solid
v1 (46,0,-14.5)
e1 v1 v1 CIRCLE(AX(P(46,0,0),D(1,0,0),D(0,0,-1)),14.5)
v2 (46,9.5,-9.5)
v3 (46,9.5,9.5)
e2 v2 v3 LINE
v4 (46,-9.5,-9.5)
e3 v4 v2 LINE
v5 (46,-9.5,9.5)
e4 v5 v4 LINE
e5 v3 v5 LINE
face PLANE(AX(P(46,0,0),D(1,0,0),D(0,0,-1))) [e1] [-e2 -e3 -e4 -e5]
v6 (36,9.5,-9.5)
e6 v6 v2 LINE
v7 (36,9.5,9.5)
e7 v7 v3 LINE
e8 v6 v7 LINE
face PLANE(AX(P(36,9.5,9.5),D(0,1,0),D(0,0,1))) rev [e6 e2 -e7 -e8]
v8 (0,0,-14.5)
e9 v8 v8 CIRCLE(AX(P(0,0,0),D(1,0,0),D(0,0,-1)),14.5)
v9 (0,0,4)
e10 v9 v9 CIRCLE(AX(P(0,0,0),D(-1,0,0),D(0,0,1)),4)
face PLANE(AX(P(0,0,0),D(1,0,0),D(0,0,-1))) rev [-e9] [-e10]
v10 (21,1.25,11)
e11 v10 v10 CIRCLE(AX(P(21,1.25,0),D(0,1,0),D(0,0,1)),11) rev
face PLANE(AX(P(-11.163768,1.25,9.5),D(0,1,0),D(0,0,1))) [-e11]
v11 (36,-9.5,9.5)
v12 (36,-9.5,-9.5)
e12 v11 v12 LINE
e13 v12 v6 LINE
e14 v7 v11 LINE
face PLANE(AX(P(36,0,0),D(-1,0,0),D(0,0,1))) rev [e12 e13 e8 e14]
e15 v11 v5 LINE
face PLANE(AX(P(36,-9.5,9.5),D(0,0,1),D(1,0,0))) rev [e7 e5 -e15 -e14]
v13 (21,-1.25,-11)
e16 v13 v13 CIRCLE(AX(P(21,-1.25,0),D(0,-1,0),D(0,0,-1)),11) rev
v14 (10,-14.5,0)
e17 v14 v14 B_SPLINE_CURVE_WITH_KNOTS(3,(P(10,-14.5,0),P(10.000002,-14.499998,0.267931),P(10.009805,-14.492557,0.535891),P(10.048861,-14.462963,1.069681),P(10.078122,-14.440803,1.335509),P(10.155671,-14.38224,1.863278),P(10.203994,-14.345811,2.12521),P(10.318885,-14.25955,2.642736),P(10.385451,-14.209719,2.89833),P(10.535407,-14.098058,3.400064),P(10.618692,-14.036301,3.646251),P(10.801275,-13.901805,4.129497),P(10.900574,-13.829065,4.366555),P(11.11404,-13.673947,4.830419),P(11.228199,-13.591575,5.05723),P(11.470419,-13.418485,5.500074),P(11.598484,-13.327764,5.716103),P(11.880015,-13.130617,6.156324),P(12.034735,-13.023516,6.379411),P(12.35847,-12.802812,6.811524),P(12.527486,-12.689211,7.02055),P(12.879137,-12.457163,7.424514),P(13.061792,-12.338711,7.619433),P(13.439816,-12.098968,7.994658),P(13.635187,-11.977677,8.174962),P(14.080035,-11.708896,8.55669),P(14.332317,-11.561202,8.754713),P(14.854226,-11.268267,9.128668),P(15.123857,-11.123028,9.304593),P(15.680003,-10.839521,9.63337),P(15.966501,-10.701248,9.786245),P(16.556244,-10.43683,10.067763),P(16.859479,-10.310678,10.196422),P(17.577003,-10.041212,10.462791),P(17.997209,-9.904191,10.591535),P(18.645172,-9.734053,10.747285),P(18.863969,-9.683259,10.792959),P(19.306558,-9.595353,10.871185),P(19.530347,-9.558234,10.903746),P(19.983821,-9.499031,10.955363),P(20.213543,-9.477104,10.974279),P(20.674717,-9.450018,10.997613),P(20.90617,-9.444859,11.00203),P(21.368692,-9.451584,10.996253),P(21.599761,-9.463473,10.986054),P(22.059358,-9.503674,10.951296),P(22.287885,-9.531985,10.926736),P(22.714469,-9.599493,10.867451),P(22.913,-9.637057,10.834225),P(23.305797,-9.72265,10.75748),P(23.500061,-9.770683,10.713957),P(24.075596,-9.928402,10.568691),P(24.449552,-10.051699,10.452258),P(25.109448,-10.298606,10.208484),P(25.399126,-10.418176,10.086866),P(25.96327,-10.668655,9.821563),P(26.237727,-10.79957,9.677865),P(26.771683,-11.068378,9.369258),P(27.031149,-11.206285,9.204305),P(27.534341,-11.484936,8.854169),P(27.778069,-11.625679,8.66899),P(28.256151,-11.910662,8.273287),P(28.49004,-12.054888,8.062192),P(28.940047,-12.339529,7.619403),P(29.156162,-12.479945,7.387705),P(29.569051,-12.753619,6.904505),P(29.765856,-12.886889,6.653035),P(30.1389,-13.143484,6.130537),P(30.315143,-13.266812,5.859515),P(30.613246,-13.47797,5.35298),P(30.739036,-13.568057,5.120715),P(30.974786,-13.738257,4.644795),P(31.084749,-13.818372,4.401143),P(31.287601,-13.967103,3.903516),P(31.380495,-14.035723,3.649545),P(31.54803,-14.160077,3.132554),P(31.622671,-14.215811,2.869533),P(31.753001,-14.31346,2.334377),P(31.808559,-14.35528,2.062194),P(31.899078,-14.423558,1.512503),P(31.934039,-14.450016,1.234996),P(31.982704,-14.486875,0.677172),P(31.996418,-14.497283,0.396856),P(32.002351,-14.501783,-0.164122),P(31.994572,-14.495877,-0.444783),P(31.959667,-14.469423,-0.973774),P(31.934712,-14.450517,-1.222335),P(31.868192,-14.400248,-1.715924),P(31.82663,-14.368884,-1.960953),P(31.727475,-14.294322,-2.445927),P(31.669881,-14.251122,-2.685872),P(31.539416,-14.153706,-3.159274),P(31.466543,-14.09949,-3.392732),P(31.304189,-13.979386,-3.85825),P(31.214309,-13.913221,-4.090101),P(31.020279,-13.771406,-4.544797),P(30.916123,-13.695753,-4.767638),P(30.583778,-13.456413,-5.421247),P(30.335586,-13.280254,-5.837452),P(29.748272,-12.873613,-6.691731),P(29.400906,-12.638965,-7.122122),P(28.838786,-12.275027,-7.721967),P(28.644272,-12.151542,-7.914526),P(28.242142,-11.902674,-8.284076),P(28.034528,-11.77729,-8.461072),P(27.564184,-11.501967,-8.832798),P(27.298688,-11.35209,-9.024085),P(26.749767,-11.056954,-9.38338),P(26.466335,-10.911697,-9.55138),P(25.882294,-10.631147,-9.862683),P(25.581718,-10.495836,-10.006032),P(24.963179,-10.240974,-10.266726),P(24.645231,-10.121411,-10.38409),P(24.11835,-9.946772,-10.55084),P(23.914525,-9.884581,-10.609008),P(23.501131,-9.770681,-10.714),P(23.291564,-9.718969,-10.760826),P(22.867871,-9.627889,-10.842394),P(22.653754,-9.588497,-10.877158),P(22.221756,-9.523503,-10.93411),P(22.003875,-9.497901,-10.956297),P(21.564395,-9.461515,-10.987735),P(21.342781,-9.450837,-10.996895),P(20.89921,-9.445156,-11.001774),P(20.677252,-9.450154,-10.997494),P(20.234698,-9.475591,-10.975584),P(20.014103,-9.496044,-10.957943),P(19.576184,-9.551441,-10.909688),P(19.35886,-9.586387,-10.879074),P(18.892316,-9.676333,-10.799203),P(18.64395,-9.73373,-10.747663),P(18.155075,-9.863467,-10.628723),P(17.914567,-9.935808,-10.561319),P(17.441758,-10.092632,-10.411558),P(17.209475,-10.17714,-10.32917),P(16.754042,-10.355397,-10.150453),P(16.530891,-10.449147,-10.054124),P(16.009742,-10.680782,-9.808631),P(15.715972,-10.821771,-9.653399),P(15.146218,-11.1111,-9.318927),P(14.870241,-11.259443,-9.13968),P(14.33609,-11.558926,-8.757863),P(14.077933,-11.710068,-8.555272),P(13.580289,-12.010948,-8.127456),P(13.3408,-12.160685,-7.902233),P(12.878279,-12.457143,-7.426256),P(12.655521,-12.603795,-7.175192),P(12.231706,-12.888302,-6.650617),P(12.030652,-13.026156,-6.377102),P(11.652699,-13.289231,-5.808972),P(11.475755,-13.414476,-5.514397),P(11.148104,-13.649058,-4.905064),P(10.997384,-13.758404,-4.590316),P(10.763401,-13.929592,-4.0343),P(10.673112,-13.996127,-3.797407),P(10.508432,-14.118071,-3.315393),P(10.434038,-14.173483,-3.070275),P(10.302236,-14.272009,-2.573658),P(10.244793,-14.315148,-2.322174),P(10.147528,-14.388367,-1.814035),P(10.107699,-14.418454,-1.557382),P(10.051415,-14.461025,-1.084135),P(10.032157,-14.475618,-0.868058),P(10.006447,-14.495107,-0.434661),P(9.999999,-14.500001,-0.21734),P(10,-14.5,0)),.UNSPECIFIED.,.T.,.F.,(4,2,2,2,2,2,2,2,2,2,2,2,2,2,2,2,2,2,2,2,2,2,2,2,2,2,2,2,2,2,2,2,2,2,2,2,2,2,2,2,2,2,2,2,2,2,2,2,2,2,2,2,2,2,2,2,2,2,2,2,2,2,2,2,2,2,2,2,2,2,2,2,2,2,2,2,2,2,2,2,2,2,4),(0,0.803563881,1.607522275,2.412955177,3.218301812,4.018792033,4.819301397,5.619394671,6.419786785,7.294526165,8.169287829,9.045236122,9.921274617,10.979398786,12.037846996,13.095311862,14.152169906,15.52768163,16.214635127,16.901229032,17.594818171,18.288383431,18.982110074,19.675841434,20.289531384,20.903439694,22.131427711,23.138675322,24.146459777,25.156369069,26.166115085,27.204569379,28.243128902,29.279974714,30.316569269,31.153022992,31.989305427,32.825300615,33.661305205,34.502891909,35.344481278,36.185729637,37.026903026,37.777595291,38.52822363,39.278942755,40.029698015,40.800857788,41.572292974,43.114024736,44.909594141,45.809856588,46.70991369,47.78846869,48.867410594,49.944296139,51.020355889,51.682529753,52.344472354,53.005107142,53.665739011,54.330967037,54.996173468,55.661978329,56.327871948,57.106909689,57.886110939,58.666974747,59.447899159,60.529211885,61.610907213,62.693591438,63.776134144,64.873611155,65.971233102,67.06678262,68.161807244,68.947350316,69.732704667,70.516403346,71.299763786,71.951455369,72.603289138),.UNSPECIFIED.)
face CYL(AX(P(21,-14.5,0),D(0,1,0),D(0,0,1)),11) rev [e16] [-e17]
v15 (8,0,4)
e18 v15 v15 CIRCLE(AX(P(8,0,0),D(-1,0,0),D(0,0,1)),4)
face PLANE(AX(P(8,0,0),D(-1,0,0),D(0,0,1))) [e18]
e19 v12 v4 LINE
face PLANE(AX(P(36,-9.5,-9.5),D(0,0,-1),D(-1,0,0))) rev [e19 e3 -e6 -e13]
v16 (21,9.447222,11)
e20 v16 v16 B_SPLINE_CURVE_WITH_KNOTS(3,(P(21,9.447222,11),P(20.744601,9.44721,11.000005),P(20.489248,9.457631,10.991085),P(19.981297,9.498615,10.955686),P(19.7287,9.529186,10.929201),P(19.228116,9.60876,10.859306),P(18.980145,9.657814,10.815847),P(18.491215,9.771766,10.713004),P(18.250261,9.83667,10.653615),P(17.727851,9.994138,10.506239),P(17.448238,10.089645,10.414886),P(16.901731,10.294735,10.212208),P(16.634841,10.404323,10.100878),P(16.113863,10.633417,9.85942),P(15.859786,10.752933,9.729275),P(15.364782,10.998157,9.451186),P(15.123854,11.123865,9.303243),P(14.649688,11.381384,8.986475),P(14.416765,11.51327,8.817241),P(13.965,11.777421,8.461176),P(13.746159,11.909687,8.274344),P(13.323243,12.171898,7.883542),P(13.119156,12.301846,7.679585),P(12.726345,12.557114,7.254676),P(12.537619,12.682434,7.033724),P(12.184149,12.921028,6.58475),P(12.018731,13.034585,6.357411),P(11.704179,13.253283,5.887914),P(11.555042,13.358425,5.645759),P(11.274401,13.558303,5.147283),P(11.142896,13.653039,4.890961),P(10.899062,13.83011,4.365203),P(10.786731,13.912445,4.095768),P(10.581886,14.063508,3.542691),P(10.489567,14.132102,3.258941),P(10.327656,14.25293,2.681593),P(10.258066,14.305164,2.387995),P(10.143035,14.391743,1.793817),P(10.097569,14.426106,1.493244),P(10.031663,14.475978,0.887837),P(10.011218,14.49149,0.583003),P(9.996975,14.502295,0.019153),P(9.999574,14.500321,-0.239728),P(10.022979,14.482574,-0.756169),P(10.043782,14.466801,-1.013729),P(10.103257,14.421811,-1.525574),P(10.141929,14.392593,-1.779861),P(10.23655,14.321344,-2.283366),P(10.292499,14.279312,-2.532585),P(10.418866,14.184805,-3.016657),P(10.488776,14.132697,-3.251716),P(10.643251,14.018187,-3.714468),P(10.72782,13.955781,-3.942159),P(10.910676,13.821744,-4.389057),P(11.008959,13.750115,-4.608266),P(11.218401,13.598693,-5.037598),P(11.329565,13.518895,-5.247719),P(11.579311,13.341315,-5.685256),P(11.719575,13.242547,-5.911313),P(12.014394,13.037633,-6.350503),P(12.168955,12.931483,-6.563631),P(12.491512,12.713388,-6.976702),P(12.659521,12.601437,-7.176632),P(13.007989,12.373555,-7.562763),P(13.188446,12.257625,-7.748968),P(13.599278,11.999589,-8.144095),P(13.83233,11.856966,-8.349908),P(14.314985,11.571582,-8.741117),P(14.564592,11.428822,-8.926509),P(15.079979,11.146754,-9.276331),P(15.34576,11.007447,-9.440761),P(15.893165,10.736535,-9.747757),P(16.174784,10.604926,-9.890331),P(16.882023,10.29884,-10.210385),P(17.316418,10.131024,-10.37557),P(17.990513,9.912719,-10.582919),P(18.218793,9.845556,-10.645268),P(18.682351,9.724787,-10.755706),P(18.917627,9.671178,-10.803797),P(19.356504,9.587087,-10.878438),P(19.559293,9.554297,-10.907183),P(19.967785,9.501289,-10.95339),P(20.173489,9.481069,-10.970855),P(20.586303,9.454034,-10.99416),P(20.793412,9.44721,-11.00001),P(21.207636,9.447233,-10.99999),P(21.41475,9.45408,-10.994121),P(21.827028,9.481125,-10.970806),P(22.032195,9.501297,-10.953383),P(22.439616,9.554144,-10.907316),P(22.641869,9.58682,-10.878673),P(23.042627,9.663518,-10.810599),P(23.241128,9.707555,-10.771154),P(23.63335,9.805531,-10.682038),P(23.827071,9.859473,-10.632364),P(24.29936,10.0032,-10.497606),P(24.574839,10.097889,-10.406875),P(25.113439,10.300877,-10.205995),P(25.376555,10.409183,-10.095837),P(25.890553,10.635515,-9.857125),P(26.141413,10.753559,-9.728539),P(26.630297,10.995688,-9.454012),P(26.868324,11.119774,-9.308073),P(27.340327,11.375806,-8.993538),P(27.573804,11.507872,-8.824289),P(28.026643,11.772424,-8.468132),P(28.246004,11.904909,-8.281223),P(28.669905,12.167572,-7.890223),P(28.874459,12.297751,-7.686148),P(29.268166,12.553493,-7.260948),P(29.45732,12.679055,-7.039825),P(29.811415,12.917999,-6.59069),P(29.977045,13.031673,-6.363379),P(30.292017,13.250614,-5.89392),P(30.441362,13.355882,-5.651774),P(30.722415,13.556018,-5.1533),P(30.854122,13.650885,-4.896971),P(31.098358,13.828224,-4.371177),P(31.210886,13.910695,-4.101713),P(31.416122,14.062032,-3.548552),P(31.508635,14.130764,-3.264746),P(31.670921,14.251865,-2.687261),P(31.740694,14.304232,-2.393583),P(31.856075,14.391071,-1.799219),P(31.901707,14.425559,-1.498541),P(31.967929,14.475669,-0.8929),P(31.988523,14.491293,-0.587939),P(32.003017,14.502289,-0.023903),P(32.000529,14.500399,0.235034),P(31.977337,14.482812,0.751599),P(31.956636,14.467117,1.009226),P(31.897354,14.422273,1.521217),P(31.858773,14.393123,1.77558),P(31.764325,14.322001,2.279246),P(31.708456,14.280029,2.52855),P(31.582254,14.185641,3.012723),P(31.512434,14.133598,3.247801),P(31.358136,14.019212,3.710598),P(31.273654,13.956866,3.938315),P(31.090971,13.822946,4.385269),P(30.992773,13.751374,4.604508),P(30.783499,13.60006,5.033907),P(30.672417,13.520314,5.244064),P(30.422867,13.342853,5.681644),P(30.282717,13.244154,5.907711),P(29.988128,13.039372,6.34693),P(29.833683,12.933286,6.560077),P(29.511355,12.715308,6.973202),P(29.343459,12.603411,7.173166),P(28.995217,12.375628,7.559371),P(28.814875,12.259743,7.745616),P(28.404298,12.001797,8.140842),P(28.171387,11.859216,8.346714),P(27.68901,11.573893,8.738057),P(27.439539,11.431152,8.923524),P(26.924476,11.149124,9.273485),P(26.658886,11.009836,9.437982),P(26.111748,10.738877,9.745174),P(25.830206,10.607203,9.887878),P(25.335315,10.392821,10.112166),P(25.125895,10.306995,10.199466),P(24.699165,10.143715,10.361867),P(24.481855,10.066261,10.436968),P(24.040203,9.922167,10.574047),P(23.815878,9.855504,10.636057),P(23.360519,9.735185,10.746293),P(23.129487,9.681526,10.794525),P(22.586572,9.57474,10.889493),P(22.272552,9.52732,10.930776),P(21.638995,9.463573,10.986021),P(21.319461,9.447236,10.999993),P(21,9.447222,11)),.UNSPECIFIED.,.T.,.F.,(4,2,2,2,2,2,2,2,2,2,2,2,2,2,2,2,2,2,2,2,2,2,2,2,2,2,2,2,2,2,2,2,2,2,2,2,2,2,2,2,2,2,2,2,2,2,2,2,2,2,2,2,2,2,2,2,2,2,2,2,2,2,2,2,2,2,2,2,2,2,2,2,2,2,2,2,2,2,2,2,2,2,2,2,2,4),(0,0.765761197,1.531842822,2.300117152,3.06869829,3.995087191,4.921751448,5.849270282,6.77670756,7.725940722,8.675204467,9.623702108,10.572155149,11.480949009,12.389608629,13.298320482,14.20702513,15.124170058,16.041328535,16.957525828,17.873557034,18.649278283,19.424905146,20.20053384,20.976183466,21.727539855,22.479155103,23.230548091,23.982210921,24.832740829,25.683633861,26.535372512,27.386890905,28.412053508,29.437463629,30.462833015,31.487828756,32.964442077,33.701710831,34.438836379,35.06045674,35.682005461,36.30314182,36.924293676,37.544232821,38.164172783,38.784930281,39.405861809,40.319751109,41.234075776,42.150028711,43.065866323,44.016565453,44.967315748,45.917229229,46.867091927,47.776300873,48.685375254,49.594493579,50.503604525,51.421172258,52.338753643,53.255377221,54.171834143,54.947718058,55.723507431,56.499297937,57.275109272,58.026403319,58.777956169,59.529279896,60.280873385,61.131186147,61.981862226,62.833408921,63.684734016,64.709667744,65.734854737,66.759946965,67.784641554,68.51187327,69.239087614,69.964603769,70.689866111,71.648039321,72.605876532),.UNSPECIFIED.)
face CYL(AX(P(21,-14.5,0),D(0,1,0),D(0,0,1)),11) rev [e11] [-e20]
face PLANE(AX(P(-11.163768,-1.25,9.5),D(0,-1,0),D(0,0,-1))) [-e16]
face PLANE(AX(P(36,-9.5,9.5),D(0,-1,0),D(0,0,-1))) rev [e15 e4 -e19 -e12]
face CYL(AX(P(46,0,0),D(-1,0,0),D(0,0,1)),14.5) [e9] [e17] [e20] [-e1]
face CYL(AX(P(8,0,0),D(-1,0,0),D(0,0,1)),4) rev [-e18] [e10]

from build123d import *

# Parameters (mm, degrees)
CROQUIS1_R                 = 14.5
SALIENTE_EXTRUIR1_DEPTH    = 46
CROQUIS2_R                 = 4
CORTAR_EXTRUIR1_DEPTH      = 8
CROQUIS3_R                 = 11
CORTAR_EXTRUIR2_DEPTH      = 15.5
CORTAR_EXTRUIR2_DEPTH_BACK = 15.5
CROQUIS4_W                 = 19
CROQUIS4_H                 = 19
CORTAR_EXTRUIR3_DEPTH      = 10
CROQUIS5_W                 = 19
CROQUIS5_H                 = 2.5
SALIENTE_EXTRUIR2_DEPTH    = 28
CROQUIS7_R                 = 11.15
SALIENTE_EXTRUIR3_DEPTH    = 2.5


with BuildPart() as part:
    # Croquis1 → Saliente-Extruir1 (new body)
    with BuildSketch(Plane(origin=(0, 0, 0), x_dir=(0, 0, -1), z_dir=(1, 0, 0))):
        Circle(CROQUIS1_R)
    extrude(amount=SALIENTE_EXTRUIR1_DEPTH)

    # Croquis2 → Cortar-Extruir1 (cut)
    with BuildSketch(Plane.ZY):
        Circle(CROQUIS2_R)
    extrude(amount=-CORTAR_EXTRUIR1_DEPTH, mode=Mode.SUBTRACT)

    # Croquis3 → Cortar-Extruir2 (cut, two sides)
    with BuildSketch(Plane(origin=(0, 0, 0), x_dir=(1, 0, 0), z_dir=(0, 1, 0))) as cortar_extruir2_sk:
        with Locations((21, 0)):
            Circle(CROQUIS3_R)
    extrude(amount=CORTAR_EXTRUIR2_DEPTH, mode=Mode.SUBTRACT)
    extrude(cortar_extruir2_sk.sketch, amount=-CORTAR_EXTRUIR2_DEPTH_BACK, mode=Mode.SUBTRACT)

    # Croquis4 → Cortar-Extruir3 (cut)
    with BuildSketch(Plane(origin=(46, 0, 0), x_dir=(0, 0, -1), z_dir=(1, 0, 0))):
        Rectangle(CROQUIS4_W, CROQUIS4_H)
    extrude(amount=-CORTAR_EXTRUIR3_DEPTH, mode=Mode.SUBTRACT)

    # Croquis5 → Saliente-Extruir2 (add)
    with BuildSketch(Plane(origin=(36, 0, 0), x_dir=(0, 0, -1), z_dir=(1, 0, 0))):
        Rectangle(CROQUIS5_W, CROQUIS5_H)
    extrude(amount=-SALIENTE_EXTRUIR2_DEPTH)

    # Croquis7 → Saliente-Extruir3 (add)
    with BuildSketch(Plane.XZ.offset(1.25)):
        with Locations((21, 0)):
            Circle(CROQUIS7_R)
    extrude(amount=-SALIENTE_EXTRUIR3_DEPTH)


solid = part.part
